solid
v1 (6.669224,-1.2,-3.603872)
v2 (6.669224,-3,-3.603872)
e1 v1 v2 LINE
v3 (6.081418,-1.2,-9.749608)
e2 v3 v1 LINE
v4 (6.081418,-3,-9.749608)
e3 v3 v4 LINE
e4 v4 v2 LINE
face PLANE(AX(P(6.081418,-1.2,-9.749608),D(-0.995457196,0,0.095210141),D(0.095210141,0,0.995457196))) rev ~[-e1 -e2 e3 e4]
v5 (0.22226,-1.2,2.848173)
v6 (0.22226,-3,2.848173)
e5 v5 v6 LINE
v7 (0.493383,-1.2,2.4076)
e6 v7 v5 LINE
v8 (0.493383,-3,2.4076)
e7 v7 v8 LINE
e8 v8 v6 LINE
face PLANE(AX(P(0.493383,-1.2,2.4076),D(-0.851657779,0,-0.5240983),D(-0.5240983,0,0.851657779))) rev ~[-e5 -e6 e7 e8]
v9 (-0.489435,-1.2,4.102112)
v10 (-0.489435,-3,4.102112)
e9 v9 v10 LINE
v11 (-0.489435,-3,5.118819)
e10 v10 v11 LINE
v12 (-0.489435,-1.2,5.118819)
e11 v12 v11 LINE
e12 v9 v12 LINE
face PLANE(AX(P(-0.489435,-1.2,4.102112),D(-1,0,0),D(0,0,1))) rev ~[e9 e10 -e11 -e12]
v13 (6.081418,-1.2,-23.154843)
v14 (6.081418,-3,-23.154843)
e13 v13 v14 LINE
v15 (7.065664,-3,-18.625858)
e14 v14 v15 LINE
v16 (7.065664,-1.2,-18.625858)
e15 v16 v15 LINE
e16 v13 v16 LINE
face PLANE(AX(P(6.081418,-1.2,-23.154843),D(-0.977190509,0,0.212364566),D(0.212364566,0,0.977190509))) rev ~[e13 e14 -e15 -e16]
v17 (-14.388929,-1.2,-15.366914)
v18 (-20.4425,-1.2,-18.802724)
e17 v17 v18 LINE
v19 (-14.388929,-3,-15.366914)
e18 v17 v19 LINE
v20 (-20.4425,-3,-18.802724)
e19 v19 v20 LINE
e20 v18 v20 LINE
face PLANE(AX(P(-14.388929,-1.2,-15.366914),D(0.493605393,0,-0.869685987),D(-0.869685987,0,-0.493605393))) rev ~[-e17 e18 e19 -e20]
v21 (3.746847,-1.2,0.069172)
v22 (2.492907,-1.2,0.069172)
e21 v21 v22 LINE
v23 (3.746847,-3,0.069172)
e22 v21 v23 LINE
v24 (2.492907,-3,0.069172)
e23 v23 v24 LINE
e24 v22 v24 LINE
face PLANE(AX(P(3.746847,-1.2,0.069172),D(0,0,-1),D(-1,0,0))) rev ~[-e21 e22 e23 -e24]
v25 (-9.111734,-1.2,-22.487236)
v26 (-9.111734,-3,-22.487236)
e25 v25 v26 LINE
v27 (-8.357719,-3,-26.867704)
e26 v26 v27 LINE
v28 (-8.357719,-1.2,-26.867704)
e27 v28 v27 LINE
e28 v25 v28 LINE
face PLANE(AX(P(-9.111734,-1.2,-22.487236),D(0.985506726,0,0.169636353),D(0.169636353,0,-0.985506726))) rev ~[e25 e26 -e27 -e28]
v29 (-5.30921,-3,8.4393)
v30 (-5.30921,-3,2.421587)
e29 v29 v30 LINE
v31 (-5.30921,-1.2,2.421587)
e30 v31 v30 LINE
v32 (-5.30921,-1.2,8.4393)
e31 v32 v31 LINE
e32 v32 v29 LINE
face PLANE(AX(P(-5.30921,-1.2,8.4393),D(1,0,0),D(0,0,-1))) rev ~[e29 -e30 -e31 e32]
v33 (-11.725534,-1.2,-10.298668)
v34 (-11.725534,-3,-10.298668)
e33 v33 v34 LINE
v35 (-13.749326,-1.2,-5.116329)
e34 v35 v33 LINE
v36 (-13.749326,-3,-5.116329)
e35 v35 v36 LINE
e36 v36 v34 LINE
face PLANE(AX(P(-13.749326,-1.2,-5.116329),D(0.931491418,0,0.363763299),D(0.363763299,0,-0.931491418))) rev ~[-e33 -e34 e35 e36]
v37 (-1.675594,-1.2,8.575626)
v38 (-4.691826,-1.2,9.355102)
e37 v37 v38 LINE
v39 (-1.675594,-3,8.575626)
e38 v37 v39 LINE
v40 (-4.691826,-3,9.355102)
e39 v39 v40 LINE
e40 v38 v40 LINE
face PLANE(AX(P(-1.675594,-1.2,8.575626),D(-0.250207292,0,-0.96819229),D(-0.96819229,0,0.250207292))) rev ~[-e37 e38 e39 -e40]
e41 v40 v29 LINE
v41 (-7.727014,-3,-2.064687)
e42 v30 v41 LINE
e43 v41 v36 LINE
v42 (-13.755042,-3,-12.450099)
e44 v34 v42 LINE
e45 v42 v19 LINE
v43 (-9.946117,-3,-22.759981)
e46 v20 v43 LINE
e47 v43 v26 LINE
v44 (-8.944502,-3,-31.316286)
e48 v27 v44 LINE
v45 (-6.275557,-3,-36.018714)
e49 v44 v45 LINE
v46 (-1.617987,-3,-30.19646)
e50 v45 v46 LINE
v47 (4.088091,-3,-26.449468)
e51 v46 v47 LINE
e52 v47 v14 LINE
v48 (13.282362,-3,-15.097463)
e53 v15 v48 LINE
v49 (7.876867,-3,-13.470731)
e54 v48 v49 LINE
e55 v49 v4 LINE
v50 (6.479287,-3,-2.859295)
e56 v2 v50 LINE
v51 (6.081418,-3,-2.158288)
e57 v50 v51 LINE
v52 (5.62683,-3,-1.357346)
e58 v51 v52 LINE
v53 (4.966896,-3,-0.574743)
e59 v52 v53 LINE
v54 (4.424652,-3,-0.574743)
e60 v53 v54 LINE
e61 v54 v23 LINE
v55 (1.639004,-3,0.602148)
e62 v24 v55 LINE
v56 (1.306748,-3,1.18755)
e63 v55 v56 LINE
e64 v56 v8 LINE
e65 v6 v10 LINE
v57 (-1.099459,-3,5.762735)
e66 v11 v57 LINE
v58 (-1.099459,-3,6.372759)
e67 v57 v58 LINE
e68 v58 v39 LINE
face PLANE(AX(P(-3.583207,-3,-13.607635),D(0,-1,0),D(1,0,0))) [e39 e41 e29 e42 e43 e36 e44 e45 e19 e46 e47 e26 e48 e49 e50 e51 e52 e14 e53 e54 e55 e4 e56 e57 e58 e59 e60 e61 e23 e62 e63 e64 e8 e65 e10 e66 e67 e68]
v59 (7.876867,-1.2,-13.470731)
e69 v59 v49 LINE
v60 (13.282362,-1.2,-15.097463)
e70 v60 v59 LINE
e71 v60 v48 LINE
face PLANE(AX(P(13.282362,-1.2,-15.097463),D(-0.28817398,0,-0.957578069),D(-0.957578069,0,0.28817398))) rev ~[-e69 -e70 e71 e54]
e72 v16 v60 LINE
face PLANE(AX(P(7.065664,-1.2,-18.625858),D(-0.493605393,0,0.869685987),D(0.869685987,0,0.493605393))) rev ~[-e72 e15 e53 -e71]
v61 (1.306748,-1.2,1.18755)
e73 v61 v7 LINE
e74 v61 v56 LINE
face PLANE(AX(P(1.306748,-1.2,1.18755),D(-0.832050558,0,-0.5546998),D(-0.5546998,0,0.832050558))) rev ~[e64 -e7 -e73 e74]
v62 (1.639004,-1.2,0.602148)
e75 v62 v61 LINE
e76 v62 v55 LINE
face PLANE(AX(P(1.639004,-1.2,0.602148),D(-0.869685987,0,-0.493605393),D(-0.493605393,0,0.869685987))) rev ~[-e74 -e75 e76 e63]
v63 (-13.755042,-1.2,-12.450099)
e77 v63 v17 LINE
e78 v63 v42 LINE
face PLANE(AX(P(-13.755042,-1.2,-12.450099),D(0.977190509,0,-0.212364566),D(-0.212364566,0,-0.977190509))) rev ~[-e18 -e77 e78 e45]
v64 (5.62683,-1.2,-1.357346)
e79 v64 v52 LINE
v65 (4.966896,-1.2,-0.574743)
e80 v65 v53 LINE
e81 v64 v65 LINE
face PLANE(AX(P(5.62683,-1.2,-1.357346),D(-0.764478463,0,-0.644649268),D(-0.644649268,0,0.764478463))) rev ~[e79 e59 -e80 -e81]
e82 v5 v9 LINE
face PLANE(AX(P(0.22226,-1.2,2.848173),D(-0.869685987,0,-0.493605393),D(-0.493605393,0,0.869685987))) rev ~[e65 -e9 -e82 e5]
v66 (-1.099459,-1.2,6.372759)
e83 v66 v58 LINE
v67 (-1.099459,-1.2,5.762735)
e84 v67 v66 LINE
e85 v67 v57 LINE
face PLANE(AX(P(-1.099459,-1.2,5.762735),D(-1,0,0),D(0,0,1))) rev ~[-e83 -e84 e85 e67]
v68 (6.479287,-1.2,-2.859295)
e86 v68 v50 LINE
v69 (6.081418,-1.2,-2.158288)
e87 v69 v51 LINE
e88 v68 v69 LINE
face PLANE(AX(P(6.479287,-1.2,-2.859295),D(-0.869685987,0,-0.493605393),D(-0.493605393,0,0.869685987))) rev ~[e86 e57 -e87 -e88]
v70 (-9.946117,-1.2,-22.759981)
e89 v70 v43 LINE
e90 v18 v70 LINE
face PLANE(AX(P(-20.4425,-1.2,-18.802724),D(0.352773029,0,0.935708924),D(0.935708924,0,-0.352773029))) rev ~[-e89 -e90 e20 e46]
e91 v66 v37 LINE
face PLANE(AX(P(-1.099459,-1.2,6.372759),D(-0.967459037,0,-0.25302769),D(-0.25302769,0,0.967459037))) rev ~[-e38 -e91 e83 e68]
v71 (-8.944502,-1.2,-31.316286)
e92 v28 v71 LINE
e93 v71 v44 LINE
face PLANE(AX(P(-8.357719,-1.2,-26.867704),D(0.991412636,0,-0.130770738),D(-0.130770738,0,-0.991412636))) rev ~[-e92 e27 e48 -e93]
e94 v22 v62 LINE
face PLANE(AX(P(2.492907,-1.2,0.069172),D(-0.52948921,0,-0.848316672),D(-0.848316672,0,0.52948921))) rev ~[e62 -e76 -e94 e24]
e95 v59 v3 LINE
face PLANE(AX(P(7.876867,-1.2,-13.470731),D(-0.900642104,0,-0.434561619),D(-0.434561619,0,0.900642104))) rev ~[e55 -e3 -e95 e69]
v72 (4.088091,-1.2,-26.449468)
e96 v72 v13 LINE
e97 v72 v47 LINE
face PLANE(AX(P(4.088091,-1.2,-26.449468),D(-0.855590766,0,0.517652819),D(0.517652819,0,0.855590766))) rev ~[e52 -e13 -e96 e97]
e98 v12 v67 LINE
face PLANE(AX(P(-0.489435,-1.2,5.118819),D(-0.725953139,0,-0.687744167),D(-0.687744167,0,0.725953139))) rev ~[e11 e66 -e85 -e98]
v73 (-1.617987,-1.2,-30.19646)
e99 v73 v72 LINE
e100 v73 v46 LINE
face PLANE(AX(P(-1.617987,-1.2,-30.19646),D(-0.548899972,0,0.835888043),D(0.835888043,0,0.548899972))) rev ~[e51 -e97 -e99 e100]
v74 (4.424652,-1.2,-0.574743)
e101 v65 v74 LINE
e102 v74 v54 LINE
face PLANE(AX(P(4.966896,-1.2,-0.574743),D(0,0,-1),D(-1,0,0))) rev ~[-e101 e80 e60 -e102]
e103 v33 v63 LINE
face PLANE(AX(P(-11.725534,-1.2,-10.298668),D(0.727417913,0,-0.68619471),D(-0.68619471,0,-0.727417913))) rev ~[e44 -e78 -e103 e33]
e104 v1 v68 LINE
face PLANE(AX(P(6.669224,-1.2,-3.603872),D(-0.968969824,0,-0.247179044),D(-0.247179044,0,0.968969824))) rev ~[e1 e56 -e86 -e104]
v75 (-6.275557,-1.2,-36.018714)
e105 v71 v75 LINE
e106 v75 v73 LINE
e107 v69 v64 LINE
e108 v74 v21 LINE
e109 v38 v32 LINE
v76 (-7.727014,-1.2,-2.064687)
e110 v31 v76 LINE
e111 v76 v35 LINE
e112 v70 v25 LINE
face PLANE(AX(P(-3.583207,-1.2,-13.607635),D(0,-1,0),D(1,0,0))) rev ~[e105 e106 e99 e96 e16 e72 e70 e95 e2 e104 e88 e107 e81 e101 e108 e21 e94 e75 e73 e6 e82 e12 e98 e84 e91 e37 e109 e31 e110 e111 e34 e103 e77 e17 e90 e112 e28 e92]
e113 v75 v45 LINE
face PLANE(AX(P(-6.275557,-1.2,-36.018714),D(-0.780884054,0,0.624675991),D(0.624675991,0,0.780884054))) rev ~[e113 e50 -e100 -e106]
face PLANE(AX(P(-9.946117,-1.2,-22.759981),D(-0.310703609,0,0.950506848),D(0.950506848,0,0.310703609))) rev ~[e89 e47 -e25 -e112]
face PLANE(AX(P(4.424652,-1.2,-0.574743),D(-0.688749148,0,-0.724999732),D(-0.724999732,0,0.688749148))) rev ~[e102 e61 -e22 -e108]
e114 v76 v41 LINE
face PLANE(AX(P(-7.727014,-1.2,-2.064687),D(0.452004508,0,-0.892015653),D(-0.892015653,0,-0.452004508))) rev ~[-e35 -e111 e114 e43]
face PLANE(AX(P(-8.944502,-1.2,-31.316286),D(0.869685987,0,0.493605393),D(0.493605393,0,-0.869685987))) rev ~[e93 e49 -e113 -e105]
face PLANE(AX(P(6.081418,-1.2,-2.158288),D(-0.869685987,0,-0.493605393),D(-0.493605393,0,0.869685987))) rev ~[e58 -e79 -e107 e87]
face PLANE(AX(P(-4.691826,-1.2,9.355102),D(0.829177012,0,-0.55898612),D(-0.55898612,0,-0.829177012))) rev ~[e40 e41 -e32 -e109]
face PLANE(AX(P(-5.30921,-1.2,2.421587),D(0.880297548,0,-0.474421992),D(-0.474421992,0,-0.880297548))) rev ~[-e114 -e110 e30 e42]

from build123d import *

# Parameters (mm, degrees)
F1_DEPTH = 3
F2_SCALE = 0.6


with BuildPart() as f1:
    # F0 (on Front) → F1 (new body)
    with BuildSketch(Plane.XZ):
        Polygon((1.3910490088, 38.3051857352), (-3.6360053346, 39.6043136716), (-4.6649789438, 38.0779765546), (-4.6649789438, 28.0484538525), (-8.694652468, 20.5713305622), (-18.7318380922, 15.4852615669), (-15.3588512912, 6.848028861), (-18.7413649335, 3.2623104389), (-19.7978429212, -1.5990479397), (-29.8871286213, -7.3253973387), (-12.3931569979, -13.9208259061), (-11.0025182366, -13.4662510827), (-9.7458269447, -20.7670312375), (-10.7237989575, -28.1813337487), (-6.2755574472, -36.0187143087), (1.4870599844, -26.3149570674), (10.9971901402, -20.069969818), (14.3194012509, -14.5789282396), (15.9598111512, -7.0306210286), (26.3209752738, -1.149962307), (17.3118170351, 1.5612578718), (14.3194012509, 7.7631301247), (15.2990790084, 18.0060230196), (14.9825164439, 19.2469840983), (14.3194012509, 20.4153303112), (13.5617544875, 21.7502322048), (12.4618653208, 23.0545718223), (11.5581247956, 23.0545718223), (10.428449139, 24.1277627647), (8.3385501057, 24.1277627647), (6.9153775882, 25.0160566247), (6.3616191037, 25.9917266667), (5.0060097128, 28.0251428485), (4.5541389845, 28.7594310939), (3.3679804765, 30.8493301272), (3.3679804765, 32.5438417494), (2.3512728512, 33.6170345545), (2.3512728512, 34.6337407827), align=None)
    extrude(amount=F1_DEPTH)


with BuildPart() as f1_1:
    # F2: moved
    add(f1.part.scale(F2_SCALE).moved(Location((-2.5102229789, -1.2, -14.4074857235))))


solid = f1_1.part
